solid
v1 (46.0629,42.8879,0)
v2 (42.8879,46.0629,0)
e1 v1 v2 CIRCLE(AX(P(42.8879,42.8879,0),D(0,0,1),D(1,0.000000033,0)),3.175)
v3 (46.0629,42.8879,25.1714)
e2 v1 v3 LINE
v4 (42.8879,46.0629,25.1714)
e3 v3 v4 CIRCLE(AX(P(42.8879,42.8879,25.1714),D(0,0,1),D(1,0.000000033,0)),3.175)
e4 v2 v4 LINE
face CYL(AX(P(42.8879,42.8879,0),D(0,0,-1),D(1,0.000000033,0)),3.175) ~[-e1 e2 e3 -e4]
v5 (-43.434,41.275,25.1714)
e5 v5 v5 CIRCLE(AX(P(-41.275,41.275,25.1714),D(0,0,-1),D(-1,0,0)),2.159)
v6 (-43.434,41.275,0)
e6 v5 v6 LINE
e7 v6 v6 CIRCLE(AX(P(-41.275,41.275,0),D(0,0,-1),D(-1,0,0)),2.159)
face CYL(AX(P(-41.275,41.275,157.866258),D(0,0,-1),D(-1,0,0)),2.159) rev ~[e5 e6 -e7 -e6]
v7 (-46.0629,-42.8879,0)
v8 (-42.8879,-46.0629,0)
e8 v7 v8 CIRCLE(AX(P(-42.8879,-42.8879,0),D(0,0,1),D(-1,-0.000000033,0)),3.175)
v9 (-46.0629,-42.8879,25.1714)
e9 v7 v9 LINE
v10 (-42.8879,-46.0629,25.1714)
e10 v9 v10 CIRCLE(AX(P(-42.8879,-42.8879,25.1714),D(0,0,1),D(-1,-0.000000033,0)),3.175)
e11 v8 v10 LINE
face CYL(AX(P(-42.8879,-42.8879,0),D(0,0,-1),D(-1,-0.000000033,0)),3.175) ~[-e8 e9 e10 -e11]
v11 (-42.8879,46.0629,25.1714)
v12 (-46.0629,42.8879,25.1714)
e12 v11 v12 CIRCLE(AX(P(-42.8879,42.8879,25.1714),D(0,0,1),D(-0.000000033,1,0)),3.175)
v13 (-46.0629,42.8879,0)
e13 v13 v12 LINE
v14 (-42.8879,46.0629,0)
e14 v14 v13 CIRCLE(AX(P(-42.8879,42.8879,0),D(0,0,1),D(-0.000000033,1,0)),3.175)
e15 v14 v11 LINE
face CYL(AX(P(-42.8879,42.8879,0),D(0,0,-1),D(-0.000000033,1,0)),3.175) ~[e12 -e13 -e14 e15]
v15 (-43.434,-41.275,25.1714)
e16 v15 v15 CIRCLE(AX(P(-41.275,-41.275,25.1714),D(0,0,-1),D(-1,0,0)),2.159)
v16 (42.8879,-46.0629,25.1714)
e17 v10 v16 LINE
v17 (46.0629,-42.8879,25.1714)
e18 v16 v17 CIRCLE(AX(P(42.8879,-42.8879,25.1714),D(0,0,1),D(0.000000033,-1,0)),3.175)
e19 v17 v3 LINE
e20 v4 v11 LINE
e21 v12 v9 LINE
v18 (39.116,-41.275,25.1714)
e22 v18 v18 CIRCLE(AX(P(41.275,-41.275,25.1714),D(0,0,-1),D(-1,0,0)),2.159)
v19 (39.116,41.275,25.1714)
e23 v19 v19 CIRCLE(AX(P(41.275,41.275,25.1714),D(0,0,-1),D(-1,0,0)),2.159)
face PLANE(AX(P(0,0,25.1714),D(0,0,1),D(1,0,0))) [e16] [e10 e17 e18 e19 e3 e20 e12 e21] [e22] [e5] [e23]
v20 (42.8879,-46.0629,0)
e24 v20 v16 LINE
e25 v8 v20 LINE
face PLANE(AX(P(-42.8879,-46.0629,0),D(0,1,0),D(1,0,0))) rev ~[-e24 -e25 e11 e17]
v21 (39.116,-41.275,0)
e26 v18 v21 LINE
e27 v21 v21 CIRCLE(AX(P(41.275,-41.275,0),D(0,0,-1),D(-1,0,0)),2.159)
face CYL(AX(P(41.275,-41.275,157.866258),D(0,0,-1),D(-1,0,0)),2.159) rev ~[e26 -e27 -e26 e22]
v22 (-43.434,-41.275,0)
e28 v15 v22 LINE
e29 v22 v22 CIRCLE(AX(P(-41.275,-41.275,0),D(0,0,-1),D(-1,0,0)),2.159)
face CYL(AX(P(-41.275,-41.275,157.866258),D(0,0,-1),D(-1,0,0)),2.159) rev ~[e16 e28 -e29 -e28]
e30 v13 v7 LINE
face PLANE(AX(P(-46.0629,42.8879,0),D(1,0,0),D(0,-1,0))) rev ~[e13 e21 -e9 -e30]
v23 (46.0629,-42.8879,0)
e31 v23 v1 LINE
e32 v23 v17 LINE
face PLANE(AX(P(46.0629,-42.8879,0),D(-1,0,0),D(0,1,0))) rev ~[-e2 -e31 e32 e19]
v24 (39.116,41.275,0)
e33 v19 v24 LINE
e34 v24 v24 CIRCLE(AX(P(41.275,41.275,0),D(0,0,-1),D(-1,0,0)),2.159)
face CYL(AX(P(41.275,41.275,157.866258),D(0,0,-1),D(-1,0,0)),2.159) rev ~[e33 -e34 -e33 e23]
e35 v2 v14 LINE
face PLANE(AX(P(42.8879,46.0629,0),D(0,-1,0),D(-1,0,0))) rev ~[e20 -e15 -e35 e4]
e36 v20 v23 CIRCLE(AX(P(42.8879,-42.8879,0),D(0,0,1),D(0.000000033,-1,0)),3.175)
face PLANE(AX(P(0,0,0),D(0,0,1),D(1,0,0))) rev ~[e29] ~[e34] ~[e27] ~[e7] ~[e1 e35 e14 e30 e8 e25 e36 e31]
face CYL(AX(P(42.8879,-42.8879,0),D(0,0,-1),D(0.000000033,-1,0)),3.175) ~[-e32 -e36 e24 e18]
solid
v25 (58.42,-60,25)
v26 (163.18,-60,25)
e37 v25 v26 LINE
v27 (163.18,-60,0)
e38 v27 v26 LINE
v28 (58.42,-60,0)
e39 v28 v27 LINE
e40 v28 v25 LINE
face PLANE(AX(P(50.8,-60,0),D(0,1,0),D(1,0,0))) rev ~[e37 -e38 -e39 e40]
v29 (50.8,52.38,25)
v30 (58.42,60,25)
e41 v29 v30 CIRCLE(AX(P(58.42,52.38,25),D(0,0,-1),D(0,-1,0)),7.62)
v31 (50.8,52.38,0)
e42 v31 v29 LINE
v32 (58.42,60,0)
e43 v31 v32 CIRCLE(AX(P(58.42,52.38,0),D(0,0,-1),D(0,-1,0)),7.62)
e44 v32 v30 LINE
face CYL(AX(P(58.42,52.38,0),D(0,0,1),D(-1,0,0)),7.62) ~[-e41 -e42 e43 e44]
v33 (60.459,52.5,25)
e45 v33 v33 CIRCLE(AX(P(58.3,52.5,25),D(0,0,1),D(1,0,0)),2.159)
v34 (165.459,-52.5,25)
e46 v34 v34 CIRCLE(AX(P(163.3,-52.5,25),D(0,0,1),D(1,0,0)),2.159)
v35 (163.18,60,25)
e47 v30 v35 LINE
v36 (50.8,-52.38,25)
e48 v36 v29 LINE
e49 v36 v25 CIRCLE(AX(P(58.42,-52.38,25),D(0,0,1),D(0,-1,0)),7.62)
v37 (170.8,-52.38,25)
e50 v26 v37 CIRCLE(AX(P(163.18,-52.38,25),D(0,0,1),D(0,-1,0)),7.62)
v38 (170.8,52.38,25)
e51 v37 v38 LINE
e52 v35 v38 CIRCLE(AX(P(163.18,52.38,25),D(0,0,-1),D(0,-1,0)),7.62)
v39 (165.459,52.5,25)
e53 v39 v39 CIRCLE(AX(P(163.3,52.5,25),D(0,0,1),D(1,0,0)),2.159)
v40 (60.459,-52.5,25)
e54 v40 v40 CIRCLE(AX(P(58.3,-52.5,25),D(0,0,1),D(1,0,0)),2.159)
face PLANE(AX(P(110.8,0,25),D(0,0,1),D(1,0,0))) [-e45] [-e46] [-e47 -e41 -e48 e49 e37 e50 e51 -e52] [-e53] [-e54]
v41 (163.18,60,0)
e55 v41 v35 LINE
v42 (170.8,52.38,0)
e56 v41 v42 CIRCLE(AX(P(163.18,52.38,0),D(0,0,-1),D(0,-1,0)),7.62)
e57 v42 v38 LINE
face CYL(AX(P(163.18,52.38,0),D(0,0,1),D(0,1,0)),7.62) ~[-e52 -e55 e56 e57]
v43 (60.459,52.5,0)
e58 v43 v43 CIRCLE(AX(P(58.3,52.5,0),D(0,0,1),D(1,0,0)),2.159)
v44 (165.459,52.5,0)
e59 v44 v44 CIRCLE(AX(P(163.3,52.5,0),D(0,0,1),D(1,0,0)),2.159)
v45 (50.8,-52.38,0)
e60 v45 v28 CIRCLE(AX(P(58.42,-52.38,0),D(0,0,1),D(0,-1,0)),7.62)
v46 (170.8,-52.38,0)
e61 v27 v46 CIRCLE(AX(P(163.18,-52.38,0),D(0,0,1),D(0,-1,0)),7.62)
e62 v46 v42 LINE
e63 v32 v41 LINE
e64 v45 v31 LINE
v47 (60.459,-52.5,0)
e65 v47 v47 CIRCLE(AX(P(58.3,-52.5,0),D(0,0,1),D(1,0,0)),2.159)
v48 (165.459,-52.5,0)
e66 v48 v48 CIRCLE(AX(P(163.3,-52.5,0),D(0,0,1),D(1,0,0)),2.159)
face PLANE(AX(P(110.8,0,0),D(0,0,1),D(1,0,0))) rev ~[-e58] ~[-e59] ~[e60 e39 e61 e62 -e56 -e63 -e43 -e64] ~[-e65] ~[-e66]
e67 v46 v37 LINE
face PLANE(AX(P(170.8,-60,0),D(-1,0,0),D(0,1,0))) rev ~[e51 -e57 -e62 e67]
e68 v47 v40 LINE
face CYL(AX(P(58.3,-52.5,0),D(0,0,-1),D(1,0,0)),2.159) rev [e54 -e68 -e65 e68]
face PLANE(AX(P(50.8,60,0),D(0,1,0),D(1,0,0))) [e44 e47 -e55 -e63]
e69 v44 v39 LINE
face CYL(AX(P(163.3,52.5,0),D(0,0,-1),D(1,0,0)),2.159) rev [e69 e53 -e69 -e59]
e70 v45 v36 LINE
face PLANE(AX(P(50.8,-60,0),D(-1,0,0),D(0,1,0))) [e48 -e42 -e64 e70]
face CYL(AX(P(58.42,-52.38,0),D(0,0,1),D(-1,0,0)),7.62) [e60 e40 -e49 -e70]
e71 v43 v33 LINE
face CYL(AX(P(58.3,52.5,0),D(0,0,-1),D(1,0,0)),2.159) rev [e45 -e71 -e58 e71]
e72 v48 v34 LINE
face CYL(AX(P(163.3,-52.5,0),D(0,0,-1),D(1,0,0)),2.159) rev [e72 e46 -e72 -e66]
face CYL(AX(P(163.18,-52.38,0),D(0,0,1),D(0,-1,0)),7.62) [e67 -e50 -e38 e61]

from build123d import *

# Parameters (mm, degrees)
F1_DEPTH = 25.1714
F3_D     = 4.318
F4_W     = 120
F4_H     = 120
F4_R     = 2.159
F5_DEPTH = 25
F6_R     = 7.62


with BuildPart() as f1:
    # F0 (on Top) → F1 (new body)
    with BuildSketch(Plane.XY):
        with BuildLine():
            Line((42.8879, 46.0629), (-42.8879, 46.0629))
            ThreePointArc((-42.8879, 46.0629), (-45.132964, 45.132964), (-46.0629, 42.8879))
            Line((-46.0629, 42.8879), (-46.0629, -42.8879))
            ThreePointArc((-46.0629, -42.8879), (-45.132964, -45.132964), (-42.8879, -46.0629))
            Line((-42.8879, -46.0629), (42.8879, -46.0629))
            ThreePointArc((42.8879, -46.0629), (45.132964, -45.132964), (46.0629, -42.8879))
            Line((46.0629, -42.8879), (46.0629, 42.8879))
            ThreePointArc((46.0629, 42.8879), (45.132964, 45.132964), (42.8879, 46.0629))
        make_face()
    extrude(amount=F1_DEPTH)

    # F3 (through all)
    with Locations(Plane.XY.offset(25.1714)):
        with Locations((-41.275, 41.275), (41.275, 41.275), (-41.275, -41.275), (41.275, -41.275)):
            Hole(F3_D / 2)


with BuildPart() as f5:
    # F4 (on Top) → F5 (new body)
    with BuildSketch(Plane.XY):
        with Locations((110.8, 0)):
            Rectangle(F4_W, F4_H)
        with Locations((58.3, -52.5)):
            Circle(F4_R, mode=Mode.SUBTRACT)
        with Locations((163.3, -52.5)):
            Circle(F4_R, mode=Mode.SUBTRACT)
        with Locations((58.3, 52.5)):
            Circle(F4_R, mode=Mode.SUBTRACT)
        with Locations((163.3, 52.5)):
            Circle(F4_R, mode=Mode.SUBTRACT)
    extrude(amount=F5_DEPTH)

    # F6
    f6_edges = [f5.edges().sort_by_distance(p)[0] for p in [
        (50.8, -60, 12.5),
        (170.8, -60, 12.5),
        (170.8, 60, 12.5),
        (50.8, 60, 12.5),
    ]]
    fillet(f6_edges, radius=F6_R)


solid = Compound([f1.part, f5.part])
